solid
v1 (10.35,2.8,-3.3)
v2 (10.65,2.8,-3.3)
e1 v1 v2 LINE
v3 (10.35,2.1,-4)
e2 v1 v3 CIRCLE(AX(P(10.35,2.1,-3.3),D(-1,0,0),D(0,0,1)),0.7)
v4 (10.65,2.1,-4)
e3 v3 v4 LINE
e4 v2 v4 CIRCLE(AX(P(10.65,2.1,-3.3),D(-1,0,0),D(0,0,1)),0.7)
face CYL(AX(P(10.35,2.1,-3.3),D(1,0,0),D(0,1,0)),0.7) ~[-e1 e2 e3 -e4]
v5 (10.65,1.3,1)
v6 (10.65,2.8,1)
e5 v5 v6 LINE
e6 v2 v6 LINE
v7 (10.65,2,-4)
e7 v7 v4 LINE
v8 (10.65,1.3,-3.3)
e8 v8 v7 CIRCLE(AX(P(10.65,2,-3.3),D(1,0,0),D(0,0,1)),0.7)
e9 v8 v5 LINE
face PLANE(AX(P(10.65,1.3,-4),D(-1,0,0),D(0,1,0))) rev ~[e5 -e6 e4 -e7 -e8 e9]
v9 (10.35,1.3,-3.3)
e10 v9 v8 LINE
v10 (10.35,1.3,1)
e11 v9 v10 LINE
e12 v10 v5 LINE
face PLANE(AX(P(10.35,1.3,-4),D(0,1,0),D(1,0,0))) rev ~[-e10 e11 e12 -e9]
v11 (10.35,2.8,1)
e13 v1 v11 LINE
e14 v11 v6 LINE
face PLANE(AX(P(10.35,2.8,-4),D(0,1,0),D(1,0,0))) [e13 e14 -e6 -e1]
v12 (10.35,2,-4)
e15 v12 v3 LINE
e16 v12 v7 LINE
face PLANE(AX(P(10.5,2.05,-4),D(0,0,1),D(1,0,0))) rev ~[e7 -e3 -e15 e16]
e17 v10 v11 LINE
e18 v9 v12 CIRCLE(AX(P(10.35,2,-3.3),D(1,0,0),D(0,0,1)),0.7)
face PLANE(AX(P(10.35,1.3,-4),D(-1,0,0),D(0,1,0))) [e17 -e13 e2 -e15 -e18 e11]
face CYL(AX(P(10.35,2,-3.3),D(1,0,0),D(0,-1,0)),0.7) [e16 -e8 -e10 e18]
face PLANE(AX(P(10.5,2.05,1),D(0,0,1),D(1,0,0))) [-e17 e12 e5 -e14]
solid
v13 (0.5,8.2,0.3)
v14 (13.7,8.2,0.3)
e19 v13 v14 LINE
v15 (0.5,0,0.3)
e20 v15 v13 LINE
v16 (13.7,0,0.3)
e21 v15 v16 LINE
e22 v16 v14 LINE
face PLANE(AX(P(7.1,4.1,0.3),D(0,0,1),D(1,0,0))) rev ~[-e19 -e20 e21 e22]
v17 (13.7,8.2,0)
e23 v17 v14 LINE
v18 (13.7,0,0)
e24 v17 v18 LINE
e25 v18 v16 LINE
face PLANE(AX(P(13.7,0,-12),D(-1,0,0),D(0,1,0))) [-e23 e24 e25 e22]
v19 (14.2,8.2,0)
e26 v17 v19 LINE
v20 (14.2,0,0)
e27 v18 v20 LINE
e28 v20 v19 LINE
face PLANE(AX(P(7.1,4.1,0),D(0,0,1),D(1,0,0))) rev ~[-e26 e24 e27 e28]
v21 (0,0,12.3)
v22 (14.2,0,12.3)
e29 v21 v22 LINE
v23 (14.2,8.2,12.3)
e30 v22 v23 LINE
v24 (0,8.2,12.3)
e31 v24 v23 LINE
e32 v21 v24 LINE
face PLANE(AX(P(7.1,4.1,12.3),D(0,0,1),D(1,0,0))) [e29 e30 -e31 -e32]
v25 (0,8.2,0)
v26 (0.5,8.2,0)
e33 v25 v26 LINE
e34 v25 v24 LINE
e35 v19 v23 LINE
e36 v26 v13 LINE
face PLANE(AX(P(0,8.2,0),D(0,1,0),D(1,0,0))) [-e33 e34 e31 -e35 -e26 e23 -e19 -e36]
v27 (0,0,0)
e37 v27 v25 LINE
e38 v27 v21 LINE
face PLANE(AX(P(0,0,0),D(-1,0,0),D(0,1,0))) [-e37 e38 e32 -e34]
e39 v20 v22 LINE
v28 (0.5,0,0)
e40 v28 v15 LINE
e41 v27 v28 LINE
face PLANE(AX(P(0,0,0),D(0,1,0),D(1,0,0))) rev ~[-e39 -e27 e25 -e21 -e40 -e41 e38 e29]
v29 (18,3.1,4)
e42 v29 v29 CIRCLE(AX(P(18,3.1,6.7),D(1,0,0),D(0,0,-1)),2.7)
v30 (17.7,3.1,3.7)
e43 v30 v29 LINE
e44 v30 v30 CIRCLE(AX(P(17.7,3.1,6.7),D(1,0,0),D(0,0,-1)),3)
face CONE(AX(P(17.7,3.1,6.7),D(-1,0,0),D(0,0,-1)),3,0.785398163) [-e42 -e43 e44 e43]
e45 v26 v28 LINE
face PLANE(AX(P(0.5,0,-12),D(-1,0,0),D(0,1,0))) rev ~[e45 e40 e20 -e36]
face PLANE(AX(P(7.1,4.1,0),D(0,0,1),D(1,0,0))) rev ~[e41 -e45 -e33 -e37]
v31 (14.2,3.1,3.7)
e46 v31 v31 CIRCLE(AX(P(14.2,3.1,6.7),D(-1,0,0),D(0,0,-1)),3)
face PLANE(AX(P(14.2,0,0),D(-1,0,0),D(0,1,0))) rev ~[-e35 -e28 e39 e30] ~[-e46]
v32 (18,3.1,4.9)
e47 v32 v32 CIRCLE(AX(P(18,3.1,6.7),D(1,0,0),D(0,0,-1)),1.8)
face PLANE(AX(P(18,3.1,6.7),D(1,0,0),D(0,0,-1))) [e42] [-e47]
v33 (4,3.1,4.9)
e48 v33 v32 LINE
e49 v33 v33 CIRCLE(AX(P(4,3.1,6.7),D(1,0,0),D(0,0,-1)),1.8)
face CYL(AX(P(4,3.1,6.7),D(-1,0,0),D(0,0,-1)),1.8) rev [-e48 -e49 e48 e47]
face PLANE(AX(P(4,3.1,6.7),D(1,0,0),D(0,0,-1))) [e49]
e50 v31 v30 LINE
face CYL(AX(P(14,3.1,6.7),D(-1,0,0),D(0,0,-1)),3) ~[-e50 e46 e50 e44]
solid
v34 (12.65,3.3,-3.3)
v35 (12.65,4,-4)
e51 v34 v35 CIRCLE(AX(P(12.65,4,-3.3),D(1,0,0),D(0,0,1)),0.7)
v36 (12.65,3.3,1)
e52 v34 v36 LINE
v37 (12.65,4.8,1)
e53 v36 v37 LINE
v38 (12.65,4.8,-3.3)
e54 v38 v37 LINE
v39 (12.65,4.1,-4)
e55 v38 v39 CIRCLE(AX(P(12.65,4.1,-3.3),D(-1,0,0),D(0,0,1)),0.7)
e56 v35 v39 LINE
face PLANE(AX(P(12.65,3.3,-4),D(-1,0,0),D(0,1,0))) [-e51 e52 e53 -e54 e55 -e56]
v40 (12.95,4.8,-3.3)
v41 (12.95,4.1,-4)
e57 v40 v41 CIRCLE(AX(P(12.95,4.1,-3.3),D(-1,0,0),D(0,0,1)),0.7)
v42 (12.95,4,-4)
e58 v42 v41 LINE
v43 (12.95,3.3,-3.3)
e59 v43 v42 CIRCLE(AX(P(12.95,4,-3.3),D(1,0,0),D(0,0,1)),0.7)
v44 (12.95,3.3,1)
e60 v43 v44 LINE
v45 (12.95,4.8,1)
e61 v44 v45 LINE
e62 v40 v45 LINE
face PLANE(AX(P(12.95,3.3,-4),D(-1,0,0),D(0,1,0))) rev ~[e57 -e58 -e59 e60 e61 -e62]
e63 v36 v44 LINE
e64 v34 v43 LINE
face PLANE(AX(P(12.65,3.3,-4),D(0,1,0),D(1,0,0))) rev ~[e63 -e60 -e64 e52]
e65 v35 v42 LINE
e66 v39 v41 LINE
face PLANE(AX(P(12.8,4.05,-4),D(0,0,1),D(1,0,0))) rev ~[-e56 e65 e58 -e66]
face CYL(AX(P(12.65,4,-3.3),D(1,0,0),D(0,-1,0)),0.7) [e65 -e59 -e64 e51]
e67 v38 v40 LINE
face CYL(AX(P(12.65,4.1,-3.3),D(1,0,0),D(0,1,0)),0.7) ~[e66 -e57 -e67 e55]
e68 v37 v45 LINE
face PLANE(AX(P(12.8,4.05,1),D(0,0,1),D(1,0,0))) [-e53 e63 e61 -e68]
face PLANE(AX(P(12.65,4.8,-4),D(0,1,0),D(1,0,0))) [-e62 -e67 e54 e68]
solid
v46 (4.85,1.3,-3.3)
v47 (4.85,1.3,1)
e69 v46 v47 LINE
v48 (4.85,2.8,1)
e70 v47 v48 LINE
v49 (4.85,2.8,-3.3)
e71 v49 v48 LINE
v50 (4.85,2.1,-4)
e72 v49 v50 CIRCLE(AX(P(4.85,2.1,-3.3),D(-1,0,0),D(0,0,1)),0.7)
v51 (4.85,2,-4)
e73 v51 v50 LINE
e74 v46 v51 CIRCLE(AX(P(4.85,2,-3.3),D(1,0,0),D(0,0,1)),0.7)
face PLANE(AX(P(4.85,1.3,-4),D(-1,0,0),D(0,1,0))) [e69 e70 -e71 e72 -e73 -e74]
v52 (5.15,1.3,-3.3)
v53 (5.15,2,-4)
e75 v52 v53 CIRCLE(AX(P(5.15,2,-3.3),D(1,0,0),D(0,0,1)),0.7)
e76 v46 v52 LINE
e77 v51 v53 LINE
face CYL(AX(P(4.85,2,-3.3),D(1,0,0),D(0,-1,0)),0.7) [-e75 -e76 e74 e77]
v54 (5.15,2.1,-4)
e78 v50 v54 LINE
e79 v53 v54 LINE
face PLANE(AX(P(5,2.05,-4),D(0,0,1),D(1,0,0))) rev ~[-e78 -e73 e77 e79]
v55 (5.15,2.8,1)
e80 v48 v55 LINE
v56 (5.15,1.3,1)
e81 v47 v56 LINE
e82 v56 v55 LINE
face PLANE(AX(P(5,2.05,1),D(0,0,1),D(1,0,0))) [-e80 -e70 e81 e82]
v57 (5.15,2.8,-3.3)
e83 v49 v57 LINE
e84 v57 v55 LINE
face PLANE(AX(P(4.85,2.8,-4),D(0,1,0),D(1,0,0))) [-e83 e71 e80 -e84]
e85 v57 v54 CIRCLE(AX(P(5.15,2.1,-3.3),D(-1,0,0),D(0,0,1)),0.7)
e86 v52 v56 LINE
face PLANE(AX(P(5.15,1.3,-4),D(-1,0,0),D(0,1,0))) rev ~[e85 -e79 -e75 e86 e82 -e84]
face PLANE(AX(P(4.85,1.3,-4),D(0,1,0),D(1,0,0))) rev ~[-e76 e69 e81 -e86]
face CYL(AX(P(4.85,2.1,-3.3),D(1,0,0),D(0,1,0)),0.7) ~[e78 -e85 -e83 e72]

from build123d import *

# Parameters (mm, degrees)
BOX002_W                = 0.3
BOX002_H                = 1.5
BOX002_DEPTH            = 5
FILLET_R                = 0.7
FILLET001_R             = 0.7
FILLET002_R             = 0.7
BOX001_W                = 13.2
BOX001_H                = 8.2
BOX001_DEPTH            = 12.3
CYLINDER001_R           = 1.8
CYLINDER001_DEPTH       = 14
CYLINDER001_PITCH_ANGLE = 90
CYLINDER_R              = 3
CYLINDER_DEPTH          = 4
CYLINDER_PITCH_ANGLE    = 90
BOX_W                   = 14.2
BOX_H                   = 8.2
BOX_DEPTH               = 12.3
CHAMFER_SIZE            = 0.3


with BuildPart() as cube001:
    # Box002 → Box002 (new body)
    with BuildSketch(Plane(origin=(12.65, 3.3, -4), x_dir=(1, 0, 0), z_dir=(0, 0, 1))):
        with Locations((0.15, 0.75)):
            Rectangle(BOX002_W, BOX002_H)
    extrude(amount=BOX002_DEPTH)


with BuildPart() as terminal1:
    # Fillet base: copy of Cube001
    add(cube001.part)

    # Fillet
    fillet_edges = [terminal1.edges().sort_by_distance(p)[0] for p in [
        (12.8, 3.3, -4),
        (12.8, 4.8, -4),
    ]]
    fillet(fillet_edges, radius=FILLET_R)


with BuildPart() as terminal2:
    # Fillet001 base: copy of Cube001
    add(cube001.part)

    # Fillet001
    fillet001_edges = [terminal2.edges().sort_by_distance(p)[0] for p in [
        (12.8, 3.3, -4),
        (12.8, 4.8, -4),
    ]]
    fillet(fillet001_edges, radius=FILLET001_R)


with BuildPart() as terminal2_1:
    # Fillet001 placement: moved
    add(terminal2.part.moved(Location((-2.3, -2, 0))))


with BuildPart() as terminal3:
    # Fillet002 base: copy of Cube001
    add(cube001.part)

    # Fillet002
    fillet002_edges = [terminal3.edges().sort_by_distance(p)[0] for p in [
        (12.8, 3.3, -4),
        (12.8, 4.8, -4),
    ]]
    fillet(fillet002_edges, radius=FILLET002_R)


with BuildPart() as terminal3_1:
    # Fillet002 placement: moved
    add(terminal3.part.moved(Location((-7.8, -2, 0))))


with BuildPart() as cube:
    # Box001 → Box001 (new body)
    with BuildSketch(Plane(origin=(0.5, 0, -12), x_dir=(1, 0, 0), z_dir=(0, 0, 1))):
        with Locations((6.6, 4.1)):
            Rectangle(BOX001_W, BOX001_H)
    extrude(amount=BOX001_DEPTH)


with BuildPart() as fusion:
    # Cylinder001 → Cylinder001 (new body)
    with BuildSketch(Plane.XY):
        Circle(CYLINDER001_R)
    extrude(amount=CYLINDER001_DEPTH)


with BuildPart() as fusion_1:
    # Cylinder001 pitch: moved
    add(fusion.part.rotate(Axis((0, 0, 0), (0, 1, 0)), CYLINDER001_PITCH_ANGLE))


with BuildPart() as fusion_2:
    # Cylinder001 placement: moved
    add(fusion_1.part.moved(Location((4, 3.1, 6.7))))

    # Fusion: union Cube-
    add(cube.part)


with BuildPart() as cylinder:
    # Cylinder → Cylinder (new body)
    with BuildSketch(Plane.XY):
        Circle(CYLINDER_R)
    extrude(amount=CYLINDER_DEPTH)


with BuildPart() as cylinder_1:
    # Cylinder pitch: moved
    add(cylinder.part.rotate(Axis((0, 0, 0), (0, 1, 0)), CYLINDER_PITCH_ANGLE))


with BuildPart() as cylinder_2:
    # Cylinder placement: moved
    add(cylinder_1.part.moved(Location((14, 3.1, 6.7))))


with BuildPart() as chamfer_body:
    # Box → Box (new body)
    with BuildSketch(Plane.XY):
        with Locations((7.1, 4.1)):
            Rectangle(BOX_W, BOX_H)
    extrude(amount=BOX_DEPTH)

    # Fusion001: union Cylinder
    add(cylinder_2.part)

    # Cut: cut Fusion-
    add(fusion_2.part, mode=Mode.SUBTRACT)

    # Chamfer
    chamfer_edges = [chamfer_body.edges().sort_by_distance(p)[0] for p in [
        (18, 3.1, 9.7),
    ]]
    chamfer(chamfer_edges, length=CHAMFER_SIZE)


solid = Compound([terminal1.part, terminal2_1.part, terminal3_1.part, chamfer_body.part])
